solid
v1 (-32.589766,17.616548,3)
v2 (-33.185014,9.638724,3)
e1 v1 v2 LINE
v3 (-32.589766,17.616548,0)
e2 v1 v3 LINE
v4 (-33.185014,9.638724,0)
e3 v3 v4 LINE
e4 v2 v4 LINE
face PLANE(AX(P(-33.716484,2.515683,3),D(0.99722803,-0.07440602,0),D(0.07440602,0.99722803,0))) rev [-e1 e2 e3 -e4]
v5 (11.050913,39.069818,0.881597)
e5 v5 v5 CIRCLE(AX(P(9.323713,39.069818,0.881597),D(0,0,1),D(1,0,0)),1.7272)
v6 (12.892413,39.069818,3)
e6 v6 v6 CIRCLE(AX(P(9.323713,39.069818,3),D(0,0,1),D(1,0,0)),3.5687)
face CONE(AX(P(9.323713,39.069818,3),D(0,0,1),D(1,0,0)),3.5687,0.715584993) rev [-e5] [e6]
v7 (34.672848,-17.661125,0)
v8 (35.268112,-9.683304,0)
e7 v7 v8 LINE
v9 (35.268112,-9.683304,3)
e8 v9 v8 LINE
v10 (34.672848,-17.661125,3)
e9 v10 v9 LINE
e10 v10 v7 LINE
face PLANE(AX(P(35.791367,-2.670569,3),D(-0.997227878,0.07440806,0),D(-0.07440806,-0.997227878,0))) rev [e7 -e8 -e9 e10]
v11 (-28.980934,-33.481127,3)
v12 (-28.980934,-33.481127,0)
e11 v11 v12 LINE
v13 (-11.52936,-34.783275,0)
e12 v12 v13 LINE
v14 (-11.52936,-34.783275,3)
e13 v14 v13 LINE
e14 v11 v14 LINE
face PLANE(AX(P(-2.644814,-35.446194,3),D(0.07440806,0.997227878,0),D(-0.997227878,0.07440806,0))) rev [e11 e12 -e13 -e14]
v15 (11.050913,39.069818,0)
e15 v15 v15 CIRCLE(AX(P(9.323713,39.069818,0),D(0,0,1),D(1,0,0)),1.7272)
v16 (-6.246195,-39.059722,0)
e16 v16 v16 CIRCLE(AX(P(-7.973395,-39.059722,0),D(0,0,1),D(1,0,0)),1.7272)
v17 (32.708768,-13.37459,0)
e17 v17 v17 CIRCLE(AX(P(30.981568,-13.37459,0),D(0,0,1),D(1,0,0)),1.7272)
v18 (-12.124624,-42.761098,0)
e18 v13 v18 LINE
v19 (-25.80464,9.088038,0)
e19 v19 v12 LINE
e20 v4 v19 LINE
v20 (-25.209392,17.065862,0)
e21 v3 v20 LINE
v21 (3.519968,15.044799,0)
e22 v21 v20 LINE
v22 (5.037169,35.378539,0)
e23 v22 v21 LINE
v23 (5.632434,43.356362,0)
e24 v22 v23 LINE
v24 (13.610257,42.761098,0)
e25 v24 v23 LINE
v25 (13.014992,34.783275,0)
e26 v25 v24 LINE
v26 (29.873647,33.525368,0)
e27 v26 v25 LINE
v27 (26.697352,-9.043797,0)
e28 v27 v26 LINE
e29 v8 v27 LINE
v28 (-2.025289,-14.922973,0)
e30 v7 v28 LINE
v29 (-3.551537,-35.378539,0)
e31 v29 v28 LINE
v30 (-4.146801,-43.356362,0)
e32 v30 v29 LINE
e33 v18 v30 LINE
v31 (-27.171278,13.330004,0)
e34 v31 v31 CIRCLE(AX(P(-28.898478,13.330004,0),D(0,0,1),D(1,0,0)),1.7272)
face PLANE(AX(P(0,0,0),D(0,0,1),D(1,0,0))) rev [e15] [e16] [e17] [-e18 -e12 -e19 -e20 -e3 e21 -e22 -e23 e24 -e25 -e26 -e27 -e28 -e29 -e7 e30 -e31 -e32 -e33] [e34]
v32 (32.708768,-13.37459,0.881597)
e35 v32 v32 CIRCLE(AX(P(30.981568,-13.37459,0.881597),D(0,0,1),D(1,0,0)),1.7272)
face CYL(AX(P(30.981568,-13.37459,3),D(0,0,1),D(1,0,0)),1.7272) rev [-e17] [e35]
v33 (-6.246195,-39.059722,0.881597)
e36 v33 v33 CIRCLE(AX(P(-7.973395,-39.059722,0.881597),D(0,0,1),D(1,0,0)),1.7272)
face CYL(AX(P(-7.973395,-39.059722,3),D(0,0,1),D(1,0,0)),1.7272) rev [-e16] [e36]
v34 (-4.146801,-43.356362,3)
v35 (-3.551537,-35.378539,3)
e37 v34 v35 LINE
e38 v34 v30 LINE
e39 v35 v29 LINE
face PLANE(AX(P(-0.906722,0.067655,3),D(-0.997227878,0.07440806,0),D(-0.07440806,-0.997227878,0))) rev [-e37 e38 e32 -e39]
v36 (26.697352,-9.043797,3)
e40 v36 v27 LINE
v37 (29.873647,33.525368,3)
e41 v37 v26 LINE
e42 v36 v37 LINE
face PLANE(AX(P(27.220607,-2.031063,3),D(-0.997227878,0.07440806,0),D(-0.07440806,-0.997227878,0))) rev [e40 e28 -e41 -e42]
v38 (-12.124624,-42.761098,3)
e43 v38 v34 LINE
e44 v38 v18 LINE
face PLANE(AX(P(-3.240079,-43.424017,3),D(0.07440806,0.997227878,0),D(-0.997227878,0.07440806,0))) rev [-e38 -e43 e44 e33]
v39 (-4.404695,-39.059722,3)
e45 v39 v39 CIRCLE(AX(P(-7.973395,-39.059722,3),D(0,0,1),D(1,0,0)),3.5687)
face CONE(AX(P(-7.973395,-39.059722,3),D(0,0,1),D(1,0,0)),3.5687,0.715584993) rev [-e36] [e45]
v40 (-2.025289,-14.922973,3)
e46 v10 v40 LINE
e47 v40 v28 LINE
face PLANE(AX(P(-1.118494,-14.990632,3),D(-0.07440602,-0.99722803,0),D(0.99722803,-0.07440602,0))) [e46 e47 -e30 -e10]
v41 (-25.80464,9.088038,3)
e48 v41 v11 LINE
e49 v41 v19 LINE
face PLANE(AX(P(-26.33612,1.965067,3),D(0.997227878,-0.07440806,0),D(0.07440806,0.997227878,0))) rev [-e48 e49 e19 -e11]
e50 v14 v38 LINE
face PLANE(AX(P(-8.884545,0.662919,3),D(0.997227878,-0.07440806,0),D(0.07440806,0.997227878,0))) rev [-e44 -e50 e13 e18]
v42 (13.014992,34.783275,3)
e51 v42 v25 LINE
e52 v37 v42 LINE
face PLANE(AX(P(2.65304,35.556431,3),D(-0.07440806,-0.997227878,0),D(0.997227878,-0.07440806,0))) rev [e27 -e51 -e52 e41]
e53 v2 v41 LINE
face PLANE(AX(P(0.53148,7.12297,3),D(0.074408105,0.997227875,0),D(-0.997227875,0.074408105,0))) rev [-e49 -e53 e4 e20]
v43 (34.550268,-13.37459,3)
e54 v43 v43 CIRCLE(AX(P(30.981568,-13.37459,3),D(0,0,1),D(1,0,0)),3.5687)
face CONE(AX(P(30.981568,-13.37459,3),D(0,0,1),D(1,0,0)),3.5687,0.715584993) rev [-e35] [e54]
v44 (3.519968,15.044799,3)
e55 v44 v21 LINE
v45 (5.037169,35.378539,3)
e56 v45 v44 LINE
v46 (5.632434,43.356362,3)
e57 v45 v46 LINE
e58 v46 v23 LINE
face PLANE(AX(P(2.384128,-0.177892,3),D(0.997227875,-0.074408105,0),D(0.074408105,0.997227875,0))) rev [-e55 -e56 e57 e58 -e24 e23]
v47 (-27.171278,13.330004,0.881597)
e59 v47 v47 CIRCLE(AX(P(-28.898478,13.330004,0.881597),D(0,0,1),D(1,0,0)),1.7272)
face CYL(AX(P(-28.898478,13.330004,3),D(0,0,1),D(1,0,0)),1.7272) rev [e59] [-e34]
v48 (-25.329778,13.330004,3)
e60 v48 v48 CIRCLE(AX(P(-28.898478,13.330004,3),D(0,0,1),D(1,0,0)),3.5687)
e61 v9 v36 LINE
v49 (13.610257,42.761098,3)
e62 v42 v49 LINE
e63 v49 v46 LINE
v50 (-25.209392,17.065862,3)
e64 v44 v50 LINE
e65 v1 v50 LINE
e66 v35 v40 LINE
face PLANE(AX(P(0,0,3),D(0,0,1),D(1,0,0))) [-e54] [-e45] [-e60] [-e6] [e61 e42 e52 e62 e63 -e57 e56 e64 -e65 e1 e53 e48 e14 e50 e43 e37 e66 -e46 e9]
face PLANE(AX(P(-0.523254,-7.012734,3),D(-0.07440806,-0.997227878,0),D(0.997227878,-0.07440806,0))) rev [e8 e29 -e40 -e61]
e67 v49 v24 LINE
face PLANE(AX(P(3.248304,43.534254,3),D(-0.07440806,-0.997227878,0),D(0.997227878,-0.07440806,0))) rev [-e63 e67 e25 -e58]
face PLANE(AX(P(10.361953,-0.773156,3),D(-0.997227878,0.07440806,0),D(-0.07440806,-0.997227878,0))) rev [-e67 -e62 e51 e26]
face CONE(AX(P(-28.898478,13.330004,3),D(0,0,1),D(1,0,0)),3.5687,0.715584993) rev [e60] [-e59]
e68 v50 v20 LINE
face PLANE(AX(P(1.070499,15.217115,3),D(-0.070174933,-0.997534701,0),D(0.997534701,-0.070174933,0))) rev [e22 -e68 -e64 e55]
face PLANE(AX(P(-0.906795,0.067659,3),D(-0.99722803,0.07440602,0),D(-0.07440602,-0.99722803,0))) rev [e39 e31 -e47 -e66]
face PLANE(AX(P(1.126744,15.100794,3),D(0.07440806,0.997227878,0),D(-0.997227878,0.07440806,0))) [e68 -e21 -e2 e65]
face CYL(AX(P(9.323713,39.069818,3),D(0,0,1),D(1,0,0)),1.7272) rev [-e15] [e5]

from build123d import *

# Parameters (mm, degrees)
BOSS_EXTRUDE1_DEPTH                           = 3
CSK_FOR_5_FLAT_HEAD_SOCKET_CAP_SCREW1_A_COUNT = 2
CSK_FOR_5_FLAT_HEAD_SOCKET_CAP_SCREW1_A_PITCH = 56.41402705
CSK_FOR_5_FLAT_HEAD_SOCKET_CAP_SCRE_2_COUNT   = 2
CSK_FOR_5_FLAT_HEAD_SOCKET_CAP_SCRE_2_PITCH   = 80.02134109
CSK_FOR_5_FLAT_HEAD_SOCKET_CAP_SCRE_3_COUNT   = 2
CSK_FOR_5_FLAT_HEAD_SOCKET_CAP_SCRE_3_PITCH   = 46.660638534


with BuildPart() as part:
    # Sketch1 → Boss-Extrude1 (new body)
    with BuildSketch(Plane.XY):
        Polygon((-25.209392257, 17.065862145), (-32.589765844, 17.616547994), (-33.185013977, 9.638724086), (-25.804640414, 9.088037903), (-28.980934475, -33.481127138), (-11.529359642, -34.783274677), (-12.124624122, -42.761097701), (-4.146801098, -43.356362181), (-3.551536618, -35.378539157), (-2.025288651, -14.922973048), (34.074511236, -17.616481792), (34.672848055, -17.661125404), (35.268112443, -9.683303605), (26.697352489, -9.043797194), (29.87364655, 33.525367847), (13.014992274, 34.783274677), (13.610256754, 42.761097701), (5.63243373, 43.356362181), (5.03716925, 35.378539157), (3.51996828, 15.044798681), align=None)
    extrude(amount=BOSS_EXTRUDE1_DEPTH)

    # Sketch2 → CSK for #5 Flat Head Socket Cap Screw1 (revolve, cut)
    with BuildSketch(Plane(origin=(-7.973395272, -39.059721921, 3), x_dir=(0, -1, 0), z_dir=(1, 0, 0))):
        Polygon((0, 0), (0, 3), (1.7272, 3), (1.7272, 2.118403422), (3.5687, 0), align=None)
    csk_for_5_flat_head_socket_cap_screw1 = revolve(axis=Axis((-7.973395272, -39.059721921, 9.35), (0, 0, -1)), mode=Mode.SUBTRACT)

    # CSK for #5 Flat Head Socket Cap Screw1 a: CSK for #5 Flat Head Socket Cap Screw1 ×2
    with Locations(*[Vector(-0.370919862, 0.928664878, 0) * (i * CSK_FOR_5_FLAT_HEAD_SOCKET_CAP_SCREW1_A_PITCH) for i in range(1, CSK_FOR_5_FLAT_HEAD_SOCKET_CAP_SCREW1_A_COUNT)]):
        add(csk_for_5_flat_head_socket_cap_screw1, mode=Mode.SUBTRACT)

    # CSK for _5 Flat Head Socket Cap Scre 2: CSK for #5 Flat Head Socket Cap Screw1 ×2
    with Locations(*[Vector(0.216156191, 0.976358797, 0) * (i * CSK_FOR_5_FLAT_HEAD_SOCKET_CAP_SCRE_2_PITCH) for i in range(1, CSK_FOR_5_FLAT_HEAD_SOCKET_CAP_SCRE_2_COUNT)]):
        add(csk_for_5_flat_head_socket_cap_screw1, mode=Mode.SUBTRACT)

    # CSK for _5 Flat Head Socket Cap Scre 3: CSK for #5 Flat Head Socket Cap Screw1 ×2
    with Locations(*[Vector(0.834857059, 0.550466794, 0) * (i * CSK_FOR_5_FLAT_HEAD_SOCKET_CAP_SCRE_3_PITCH) for i in range(1, CSK_FOR_5_FLAT_HEAD_SOCKET_CAP_SCRE_3_COUNT)]):
        add(csk_for_5_flat_head_socket_cap_screw1, mode=Mode.SUBTRACT)


solid = part.part
